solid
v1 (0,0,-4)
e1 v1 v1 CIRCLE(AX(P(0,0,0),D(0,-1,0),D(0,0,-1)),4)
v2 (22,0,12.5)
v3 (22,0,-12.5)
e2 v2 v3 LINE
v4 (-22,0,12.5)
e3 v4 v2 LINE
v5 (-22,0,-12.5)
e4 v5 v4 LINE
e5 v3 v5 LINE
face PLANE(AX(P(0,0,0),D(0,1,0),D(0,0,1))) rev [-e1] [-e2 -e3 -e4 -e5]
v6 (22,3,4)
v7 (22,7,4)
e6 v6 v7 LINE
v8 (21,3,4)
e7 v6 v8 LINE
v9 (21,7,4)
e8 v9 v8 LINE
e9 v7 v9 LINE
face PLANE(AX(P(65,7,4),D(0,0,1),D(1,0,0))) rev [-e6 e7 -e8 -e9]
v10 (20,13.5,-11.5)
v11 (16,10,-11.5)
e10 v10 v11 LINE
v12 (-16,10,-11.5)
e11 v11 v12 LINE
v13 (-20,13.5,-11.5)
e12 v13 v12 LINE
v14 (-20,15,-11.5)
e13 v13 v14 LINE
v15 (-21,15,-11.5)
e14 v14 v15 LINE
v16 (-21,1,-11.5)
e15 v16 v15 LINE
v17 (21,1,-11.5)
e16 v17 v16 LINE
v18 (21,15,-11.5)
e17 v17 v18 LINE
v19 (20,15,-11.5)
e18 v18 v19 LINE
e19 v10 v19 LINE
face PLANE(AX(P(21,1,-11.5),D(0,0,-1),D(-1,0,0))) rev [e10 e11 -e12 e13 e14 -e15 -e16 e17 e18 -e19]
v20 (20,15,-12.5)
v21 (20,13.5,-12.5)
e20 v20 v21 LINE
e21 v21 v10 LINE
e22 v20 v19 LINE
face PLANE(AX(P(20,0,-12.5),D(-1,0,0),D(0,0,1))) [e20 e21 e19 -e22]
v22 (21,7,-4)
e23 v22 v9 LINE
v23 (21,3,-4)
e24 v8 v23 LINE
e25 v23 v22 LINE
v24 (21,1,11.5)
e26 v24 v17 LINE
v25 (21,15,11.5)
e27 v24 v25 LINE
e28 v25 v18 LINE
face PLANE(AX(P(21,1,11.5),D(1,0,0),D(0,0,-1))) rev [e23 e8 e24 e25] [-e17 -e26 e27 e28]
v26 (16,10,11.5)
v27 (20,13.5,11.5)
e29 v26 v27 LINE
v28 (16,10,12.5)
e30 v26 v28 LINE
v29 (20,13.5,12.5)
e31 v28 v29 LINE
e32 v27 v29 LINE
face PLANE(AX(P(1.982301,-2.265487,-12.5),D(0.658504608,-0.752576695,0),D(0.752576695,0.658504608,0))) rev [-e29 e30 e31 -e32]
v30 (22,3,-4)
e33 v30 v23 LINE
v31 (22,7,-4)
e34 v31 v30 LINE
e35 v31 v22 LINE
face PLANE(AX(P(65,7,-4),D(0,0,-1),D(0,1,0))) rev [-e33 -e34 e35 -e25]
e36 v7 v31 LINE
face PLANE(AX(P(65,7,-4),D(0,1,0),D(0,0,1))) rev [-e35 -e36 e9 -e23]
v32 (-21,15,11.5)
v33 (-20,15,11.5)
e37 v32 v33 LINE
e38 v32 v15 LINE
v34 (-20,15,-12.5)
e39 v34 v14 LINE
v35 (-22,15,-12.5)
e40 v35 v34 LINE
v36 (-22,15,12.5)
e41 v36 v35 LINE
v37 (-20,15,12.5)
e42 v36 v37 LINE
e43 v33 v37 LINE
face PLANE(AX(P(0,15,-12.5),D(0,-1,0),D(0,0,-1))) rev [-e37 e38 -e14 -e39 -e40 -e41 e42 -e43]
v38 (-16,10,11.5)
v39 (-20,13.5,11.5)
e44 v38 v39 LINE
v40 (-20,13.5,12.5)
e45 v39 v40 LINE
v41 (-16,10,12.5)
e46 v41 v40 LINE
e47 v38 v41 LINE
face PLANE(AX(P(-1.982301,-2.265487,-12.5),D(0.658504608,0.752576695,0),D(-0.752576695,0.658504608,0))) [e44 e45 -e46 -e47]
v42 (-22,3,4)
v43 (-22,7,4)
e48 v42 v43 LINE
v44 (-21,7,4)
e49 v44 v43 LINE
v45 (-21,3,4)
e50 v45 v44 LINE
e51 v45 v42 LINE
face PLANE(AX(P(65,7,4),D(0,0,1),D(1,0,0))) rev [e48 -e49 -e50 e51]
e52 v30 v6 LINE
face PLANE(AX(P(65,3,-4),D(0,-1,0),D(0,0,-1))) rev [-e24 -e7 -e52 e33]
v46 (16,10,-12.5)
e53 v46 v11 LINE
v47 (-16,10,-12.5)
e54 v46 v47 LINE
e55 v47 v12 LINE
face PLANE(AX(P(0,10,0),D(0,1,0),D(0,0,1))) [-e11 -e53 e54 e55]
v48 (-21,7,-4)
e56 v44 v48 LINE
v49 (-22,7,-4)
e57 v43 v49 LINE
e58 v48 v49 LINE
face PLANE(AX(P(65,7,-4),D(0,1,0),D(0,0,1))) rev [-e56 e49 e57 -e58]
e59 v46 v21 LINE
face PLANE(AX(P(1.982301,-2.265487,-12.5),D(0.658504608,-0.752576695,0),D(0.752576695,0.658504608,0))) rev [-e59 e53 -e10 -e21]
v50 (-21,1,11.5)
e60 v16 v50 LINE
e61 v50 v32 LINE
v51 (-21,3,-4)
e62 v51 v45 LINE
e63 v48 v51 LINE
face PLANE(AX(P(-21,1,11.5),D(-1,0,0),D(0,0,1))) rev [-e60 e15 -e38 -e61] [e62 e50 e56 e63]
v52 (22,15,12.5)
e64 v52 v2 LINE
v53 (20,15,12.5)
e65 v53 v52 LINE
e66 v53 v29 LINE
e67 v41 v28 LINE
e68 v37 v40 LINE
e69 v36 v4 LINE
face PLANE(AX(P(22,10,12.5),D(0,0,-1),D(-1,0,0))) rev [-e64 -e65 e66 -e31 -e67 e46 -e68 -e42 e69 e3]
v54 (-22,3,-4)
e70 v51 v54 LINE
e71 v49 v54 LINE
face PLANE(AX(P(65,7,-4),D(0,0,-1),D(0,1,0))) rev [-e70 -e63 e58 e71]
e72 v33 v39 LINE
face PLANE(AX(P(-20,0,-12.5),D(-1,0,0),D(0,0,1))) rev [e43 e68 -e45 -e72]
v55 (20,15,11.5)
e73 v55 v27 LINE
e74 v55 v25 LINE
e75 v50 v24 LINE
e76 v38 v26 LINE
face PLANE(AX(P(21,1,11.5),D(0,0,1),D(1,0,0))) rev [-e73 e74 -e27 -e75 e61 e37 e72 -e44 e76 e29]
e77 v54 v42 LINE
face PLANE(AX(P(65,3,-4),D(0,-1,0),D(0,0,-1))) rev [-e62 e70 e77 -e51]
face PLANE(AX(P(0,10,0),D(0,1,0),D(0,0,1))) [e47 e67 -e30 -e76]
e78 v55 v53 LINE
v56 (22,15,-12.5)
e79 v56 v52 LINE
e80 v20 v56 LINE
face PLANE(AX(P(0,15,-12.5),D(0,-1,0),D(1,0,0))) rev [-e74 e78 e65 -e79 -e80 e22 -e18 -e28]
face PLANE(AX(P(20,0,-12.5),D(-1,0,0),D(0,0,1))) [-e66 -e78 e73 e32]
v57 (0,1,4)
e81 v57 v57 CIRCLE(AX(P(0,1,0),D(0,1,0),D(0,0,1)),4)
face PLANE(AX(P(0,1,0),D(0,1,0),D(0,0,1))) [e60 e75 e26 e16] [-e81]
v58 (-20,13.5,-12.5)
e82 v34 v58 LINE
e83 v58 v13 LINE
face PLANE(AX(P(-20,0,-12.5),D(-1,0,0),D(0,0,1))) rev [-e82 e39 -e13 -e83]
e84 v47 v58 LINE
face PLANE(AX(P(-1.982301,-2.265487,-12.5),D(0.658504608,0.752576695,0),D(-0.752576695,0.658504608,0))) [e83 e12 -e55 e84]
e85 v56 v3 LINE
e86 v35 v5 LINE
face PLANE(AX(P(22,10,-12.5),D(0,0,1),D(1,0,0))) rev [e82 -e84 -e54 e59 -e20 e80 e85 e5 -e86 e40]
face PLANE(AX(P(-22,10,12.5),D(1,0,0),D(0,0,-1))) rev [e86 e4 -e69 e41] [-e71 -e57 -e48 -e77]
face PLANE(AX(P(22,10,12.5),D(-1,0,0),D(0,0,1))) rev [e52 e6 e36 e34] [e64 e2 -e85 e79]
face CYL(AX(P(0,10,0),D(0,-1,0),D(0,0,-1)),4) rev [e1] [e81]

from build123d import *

# Parameters (mm, degrees)
CROQUIS1_W              = 44
CROQUIS1_H              = 25
SALIENTE_EXTRUIR2_DEPTH = 10
CROQUIS2_W              = 42
CROQUIS2_H              = 23
CORTAR_EXTRUIR1_DEPTH   = 9
SALIENTE_EXTRUIR3_DEPTH = 25
CROQUIS4_W              = 42
CROQUIS4_H              = 23
CORTAR_EXTRUIR2_DEPTH   = 28
CROQUIS5_W              = 1
CROQUIS5_H              = 23
CORTAR_EXTRUIR10_DEPTH  = 5
CROQUIS6_W              = 29.89343235
CROQUIS6_H              = 11.447342814
CORTAR_EXTRUIR11_DEPTH  = 1
CROQUIS7_W              = 31.003837105
CROQUIS7_H              = 9.868746677
CORTAR_EXTRUIR12_DEPTH  = 1
CROQUIS8_W              = 1
CROQUIS8_H              = 23
SALIENTE_EXTRUIR4_DEPTH = 5
CROQUIS9_W              = 8
CROQUIS9_H              = 4
CORTAR_EXTRUIR17_DEPTH  = 87
CROQUIS10_R             = 4
CORTAR_EXTRUIR19_DEPTH  = 10


with BuildPart() as part:
    # Croquis1 → Saliente-Extruir2 (new body)
    with BuildSketch(Plane(origin=(0, 0, 0), x_dir=(1, 0, 0), z_dir=(0, 1, 0))):
        Rectangle(CROQUIS1_W, CROQUIS1_H)
    extrude(amount=SALIENTE_EXTRUIR2_DEPTH)

    # Croquis2 → Cortar-Extruir1 (cut)
    with BuildSketch(Plane(origin=(0, 10, 0), x_dir=(1, 0, 0), z_dir=(0, 1, 0))):
        Rectangle(CROQUIS2_W, CROQUIS2_H)
    extrude(amount=-CORTAR_EXTRUIR1_DEPTH, mode=Mode.SUBTRACT)

    # Croquis3 → Saliente-Extruir3 (add)
    with BuildSketch(Plane.XY.offset(12.5)):
        Polygon((-22, 8), (-22, 10), (-16, 10), (-20, 13.5), (-20, 15), (-23, 15), (-23, 8), align=None)
        Polygon((20, 13.5), (16, 10), (22, 10), (22, 8), (23, 8), (23, 15), (20, 15), align=None)
    extrude(amount=-SALIENTE_EXTRUIR3_DEPTH)

    # Croquis4 → Cortar-Extruir2 (cut)
    with BuildSketch(Plane(origin=(0, 1, 0), x_dir=(1, 0, 0), z_dir=(0, 1, 0))):
        Rectangle(CROQUIS4_W, CROQUIS4_H)
    extrude(amount=CORTAR_EXTRUIR2_DEPTH, mode=Mode.SUBTRACT)

    # Croquis5 → Cortar-Extruir10 (cut)
    with BuildSketch(Plane(origin=(0, 15, 0), x_dir=(1, 0, 0), z_dir=(0, 1, 0))):
        with Locations((-21.5, 0)):
            Rectangle(CROQUIS5_W, CROQUIS5_H)
        with Locations((21.5, 0)):
            Rectangle(CROQUIS5_W, CROQUIS5_H)
    extrude(amount=-CORTAR_EXTRUIR10_DEPTH, mode=Mode.SUBTRACT)

    # Croquis6 → Cortar-Extruir11 (cut)
    with BuildSketch(Plane(origin=(23, 0, 0), x_dir=(0, 0, -1), z_dir=(1, 0, 0))):
        with Locations((-0.524699003, 11.114026003)):
            Rectangle(CROQUIS6_W, CROQUIS6_H)
    extrude(amount=-CORTAR_EXTRUIR11_DEPTH, mode=Mode.SUBTRACT)

    # Croquis7 → Cortar-Extruir12 (cut)
    with BuildSketch(Plane.ZY.offset(23)):
        with Locations((-0.729719636, 12.255463236)):
            Rectangle(CROQUIS7_W, CROQUIS7_H)
    extrude(amount=-CORTAR_EXTRUIR12_DEPTH, mode=Mode.SUBTRACT)

    # Croquis8 → Saliente-Extruir4 (add)
    with BuildSketch(Plane(origin=(0, 10, 0), x_dir=(1, 0, 0), z_dir=(0, 1, 0))):
        with Locations((-21.5, 0)):
            Rectangle(CROQUIS8_W, CROQUIS8_H)
        with Locations((21.5, 0)):
            Rectangle(CROQUIS8_W, CROQUIS8_H)
    extrude(amount=SALIENTE_EXTRUIR4_DEPTH)

    # Croquis9 → Cortar-Extruir17 (cut)
    with BuildSketch(Plane.ZY.offset(22)):
        with Locations((0, 5)):
            Rectangle(CROQUIS9_W, CROQUIS9_H)
    extrude(amount=-CORTAR_EXTRUIR17_DEPTH, mode=Mode.SUBTRACT)

    # Croquis10 → Cortar-Extruir19 (cut)
    with BuildSketch(Plane.XZ):
        Circle(CROQUIS10_R)
    extrude(amount=-CORTAR_EXTRUIR19_DEPTH, mode=Mode.SUBTRACT)


solid = part.part
